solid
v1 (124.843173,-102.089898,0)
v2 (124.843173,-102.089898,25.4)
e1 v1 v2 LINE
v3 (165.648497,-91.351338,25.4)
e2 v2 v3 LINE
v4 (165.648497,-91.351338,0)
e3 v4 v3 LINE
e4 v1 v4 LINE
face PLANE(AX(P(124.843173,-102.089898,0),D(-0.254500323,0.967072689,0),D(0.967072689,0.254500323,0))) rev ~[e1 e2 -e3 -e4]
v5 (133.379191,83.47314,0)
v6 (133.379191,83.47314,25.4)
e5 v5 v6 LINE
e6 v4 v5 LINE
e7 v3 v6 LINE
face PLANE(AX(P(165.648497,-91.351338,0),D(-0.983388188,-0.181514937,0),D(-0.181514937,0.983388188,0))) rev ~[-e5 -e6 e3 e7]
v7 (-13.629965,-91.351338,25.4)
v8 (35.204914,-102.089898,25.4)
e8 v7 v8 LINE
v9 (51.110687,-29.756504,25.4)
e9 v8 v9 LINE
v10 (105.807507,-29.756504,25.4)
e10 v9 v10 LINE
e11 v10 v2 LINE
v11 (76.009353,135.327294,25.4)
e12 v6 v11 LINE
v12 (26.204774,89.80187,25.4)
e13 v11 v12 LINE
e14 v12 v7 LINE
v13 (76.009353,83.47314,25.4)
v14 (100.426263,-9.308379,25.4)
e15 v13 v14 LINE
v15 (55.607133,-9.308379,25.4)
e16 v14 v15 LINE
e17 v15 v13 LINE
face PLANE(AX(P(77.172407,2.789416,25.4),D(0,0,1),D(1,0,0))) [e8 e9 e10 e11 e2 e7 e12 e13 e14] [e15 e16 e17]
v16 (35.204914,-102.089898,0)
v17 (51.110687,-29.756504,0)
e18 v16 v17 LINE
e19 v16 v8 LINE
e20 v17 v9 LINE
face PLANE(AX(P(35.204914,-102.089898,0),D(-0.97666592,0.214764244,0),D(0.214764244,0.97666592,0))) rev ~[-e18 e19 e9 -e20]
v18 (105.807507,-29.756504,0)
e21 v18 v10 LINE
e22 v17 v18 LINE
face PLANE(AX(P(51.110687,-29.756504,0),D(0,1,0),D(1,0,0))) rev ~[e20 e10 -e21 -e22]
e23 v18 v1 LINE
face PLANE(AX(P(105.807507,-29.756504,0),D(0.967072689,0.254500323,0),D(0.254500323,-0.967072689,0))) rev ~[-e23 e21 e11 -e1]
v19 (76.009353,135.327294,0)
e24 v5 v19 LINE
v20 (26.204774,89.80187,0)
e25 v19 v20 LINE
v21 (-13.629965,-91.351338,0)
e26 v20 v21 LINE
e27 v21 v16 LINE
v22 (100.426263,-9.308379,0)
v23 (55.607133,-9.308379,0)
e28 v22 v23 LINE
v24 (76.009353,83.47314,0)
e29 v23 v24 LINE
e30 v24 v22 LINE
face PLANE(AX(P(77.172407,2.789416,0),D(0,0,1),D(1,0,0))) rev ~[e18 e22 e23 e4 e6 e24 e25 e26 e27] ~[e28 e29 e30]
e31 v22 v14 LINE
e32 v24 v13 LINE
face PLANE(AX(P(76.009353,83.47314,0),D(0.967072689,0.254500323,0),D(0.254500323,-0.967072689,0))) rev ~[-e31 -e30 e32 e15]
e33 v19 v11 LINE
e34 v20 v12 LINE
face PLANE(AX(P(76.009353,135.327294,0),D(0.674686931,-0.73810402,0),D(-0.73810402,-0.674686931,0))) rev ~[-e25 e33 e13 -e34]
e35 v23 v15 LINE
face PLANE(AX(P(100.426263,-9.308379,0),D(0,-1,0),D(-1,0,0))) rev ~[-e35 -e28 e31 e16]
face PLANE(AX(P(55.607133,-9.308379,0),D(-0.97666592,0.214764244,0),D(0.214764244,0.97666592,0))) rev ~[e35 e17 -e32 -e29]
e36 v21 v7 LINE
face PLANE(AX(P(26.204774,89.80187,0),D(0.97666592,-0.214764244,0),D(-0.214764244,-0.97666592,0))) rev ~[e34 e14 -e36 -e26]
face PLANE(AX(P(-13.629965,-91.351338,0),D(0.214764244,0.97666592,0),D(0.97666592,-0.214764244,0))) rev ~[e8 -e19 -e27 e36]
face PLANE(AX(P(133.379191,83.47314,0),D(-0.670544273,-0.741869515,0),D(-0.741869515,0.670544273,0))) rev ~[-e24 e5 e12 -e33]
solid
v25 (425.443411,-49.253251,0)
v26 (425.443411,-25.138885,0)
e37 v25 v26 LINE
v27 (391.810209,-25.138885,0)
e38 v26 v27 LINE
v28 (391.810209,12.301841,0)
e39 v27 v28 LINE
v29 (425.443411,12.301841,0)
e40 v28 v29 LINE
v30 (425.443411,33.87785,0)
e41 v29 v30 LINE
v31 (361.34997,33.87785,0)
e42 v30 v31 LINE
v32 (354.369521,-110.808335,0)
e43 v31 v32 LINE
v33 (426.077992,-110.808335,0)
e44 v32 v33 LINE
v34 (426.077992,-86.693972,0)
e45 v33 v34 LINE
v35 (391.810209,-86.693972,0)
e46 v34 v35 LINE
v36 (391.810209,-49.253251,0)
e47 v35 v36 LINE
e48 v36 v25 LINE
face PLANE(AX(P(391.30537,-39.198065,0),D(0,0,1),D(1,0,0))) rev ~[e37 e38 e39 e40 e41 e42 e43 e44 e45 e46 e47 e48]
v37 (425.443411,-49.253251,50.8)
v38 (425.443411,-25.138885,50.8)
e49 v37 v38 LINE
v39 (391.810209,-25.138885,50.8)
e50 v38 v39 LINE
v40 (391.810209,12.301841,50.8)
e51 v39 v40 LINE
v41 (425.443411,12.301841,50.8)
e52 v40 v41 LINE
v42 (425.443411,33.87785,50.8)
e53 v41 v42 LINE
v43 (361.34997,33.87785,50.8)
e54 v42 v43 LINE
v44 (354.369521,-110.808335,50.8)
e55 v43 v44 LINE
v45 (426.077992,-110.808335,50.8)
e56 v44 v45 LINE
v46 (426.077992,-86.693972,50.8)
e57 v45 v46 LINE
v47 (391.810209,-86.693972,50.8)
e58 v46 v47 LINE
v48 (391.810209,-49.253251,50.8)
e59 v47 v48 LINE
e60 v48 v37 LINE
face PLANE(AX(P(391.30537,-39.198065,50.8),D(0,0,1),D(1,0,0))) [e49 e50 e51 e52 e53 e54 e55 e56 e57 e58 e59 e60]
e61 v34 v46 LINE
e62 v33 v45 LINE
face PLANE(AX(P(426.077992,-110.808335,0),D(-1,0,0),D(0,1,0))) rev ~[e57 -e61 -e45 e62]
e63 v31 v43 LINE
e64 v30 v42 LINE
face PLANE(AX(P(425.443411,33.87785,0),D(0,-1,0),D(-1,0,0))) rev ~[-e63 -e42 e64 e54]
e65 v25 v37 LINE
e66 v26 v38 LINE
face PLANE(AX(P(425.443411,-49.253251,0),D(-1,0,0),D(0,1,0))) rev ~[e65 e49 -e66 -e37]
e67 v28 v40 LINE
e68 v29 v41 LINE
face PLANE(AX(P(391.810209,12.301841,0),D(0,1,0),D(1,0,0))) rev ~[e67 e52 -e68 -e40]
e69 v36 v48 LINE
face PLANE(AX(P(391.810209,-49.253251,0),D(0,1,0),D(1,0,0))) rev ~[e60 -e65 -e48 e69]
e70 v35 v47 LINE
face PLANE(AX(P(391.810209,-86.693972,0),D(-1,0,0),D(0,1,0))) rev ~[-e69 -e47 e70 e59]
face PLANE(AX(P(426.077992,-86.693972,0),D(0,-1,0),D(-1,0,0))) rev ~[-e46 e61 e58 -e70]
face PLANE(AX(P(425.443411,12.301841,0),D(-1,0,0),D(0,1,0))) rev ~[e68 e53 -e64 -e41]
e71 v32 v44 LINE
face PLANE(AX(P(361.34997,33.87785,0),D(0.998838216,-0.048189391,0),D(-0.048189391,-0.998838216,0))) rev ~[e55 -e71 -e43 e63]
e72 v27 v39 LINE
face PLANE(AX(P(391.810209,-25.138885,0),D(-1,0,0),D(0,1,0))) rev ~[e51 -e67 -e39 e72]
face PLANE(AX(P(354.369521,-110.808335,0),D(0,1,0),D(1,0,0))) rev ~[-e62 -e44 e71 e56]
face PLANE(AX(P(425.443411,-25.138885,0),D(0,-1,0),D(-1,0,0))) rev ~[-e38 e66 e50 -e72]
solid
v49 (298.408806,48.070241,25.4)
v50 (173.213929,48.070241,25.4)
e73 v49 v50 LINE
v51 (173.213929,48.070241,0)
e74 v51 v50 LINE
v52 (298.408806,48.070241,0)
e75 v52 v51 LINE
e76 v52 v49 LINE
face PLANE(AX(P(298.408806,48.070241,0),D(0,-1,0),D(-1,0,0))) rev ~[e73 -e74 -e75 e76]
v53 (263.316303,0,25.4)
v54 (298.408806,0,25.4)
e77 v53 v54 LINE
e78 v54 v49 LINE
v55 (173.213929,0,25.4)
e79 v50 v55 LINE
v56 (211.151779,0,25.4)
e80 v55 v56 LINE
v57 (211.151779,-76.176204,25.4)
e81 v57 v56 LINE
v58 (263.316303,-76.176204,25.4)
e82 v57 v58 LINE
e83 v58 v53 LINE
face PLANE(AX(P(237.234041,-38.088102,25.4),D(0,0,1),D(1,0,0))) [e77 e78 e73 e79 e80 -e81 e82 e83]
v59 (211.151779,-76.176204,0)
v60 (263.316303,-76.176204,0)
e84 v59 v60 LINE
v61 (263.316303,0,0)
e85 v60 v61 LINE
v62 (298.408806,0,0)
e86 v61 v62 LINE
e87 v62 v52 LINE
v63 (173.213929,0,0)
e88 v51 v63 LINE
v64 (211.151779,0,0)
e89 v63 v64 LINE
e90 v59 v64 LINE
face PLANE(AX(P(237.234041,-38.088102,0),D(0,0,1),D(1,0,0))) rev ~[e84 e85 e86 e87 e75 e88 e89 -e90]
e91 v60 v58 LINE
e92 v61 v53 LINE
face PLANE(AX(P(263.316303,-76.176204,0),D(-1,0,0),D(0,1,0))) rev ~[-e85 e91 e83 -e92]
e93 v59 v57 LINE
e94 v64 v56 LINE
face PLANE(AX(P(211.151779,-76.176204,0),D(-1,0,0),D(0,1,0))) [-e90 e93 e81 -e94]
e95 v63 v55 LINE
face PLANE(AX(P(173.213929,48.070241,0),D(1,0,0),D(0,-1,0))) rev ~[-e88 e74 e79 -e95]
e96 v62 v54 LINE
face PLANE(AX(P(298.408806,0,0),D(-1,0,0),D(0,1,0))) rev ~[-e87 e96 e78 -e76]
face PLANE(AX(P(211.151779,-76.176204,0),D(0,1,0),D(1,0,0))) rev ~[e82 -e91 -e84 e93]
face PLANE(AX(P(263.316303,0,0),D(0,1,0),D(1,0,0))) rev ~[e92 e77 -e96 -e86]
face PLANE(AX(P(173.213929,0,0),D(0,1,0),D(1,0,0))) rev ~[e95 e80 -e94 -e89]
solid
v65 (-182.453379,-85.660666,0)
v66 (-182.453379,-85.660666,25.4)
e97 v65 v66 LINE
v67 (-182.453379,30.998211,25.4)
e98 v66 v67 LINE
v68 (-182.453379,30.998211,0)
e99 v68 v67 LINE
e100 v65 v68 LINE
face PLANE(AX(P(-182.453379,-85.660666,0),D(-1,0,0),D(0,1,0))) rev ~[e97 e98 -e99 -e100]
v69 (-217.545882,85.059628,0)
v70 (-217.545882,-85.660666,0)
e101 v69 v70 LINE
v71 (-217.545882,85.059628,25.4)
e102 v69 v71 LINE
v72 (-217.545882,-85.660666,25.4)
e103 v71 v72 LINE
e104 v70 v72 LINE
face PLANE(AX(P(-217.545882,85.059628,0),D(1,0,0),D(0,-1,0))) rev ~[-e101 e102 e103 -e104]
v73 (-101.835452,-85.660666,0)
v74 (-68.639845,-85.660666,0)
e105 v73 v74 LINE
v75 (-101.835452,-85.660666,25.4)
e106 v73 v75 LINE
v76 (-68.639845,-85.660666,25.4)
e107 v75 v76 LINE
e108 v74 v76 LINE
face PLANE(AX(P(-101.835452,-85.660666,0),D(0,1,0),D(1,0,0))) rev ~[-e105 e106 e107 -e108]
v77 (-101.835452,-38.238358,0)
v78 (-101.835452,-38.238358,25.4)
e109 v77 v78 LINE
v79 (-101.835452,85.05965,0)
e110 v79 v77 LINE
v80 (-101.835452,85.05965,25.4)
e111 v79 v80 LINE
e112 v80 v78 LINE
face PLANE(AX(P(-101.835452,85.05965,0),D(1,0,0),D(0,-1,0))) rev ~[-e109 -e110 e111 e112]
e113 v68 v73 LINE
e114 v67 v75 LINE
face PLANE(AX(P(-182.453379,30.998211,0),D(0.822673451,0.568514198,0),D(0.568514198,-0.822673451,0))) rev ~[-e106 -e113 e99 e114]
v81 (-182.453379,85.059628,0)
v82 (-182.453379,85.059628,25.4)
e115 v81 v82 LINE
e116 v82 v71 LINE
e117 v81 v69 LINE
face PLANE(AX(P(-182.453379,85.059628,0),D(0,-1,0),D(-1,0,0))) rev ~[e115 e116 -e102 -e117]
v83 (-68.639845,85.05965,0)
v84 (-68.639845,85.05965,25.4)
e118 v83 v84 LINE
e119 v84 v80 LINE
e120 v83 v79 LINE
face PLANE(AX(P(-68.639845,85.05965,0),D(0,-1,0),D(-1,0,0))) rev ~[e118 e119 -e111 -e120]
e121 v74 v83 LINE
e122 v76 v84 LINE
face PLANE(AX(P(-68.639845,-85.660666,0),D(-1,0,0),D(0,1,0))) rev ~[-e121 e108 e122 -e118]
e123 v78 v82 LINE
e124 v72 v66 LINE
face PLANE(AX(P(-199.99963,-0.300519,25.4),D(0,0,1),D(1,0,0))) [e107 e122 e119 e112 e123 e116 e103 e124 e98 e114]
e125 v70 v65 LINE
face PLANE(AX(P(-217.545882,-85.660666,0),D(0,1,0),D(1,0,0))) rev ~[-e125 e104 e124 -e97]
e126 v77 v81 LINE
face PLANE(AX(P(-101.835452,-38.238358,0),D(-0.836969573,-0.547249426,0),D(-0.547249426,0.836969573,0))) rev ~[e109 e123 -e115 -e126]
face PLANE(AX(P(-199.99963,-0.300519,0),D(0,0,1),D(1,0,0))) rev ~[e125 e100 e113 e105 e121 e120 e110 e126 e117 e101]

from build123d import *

# Parameters (mm, degrees)
F1_DEPTH  = 25.4
F0_W      = 52.1645247936
F0_H      = 76.1762037873
F0_W_2    = 114.7619485855
F0_H_2    = 76.8241360784
F3_DEPTH  = 50.8
F4_W      = 31.2986969948
F4_H      = 23.7111561
F5_DEPTH  = 50.8
F6_DEPTH  = 25.4
F7_DEPTH  = 25.4
F8_DEPTH  = 25.4
F9_DEPTH  = 25.4
F10_DEPTH = 25.4
F12_DEPTH = 50.8


with BuildPart() as f1:
    # F0 (on Top) → F1 (new body)
    with BuildSketch(Plane.XY):
        Polygon((-182.453379035, 85.0596278906), (-217.5458818674, 85.0596278906), (-217.5458818674, -85.6606662273), (-182.453379035, -85.6606662273), (-182.453379035, 30.998211354), align=None)
        Polygon((-101.8354520202, -38.2383577526), (-182.453379035, 85.0596278906), (-182.453379035, 30.998211354), (-101.8354520202, -85.6606662273), align=None)
        Polygon((-101.8354520202, 85.0596502423), (-101.8354520202, -38.2383577526), (-101.8354520202, -85.6606662273), (-68.639844656, -85.6606662273), (-68.639844656, 85.0596502423), align=None)
    extrude(amount=F1_DEPTH)


with BuildPart() as f1b:
    # F0 (on Top) → F1, piece 2 (new body)
    with BuildSketch(Plane.XY):
        Polygon((76.009353229, 135.3272944689), (26.2047741562, 89.8018702865), (-13.6299645528, -91.3513377309), (35.2049136263, -102.0898978339), (51.1106868903, -29.7565037626), (55.6071334276, -9.3083788014), (76.009353229, 83.4731402312), (100.426262979, -9.3083788014), (105.807507293, -29.7565037626), (124.843172729, -102.0898978339), (165.6484969401, -91.3513377309), (133.3791911602, 83.4731402312), align=None)
        Polygon((55.6071334276, -9.3083788014), (51.1106868903, -29.7565037626), (105.807507293, -29.7565037626), (100.426262979, -9.3083788014), align=None)
    extrude(amount=F1_DEPTH)


with BuildPart() as f1c:
    # F0 (on Top) → F1, piece 3 (new body)
    with BuildSketch(Plane.XY):
        with Locations((237.2340410948, -38.0881018937)):
            Rectangle(F0_W, F0_H)
        Polygon((173.2139289379, 0), (211.151778698, 0), (263.3163034916, 0), (298.408806324, 0), (298.408806324, 48.0702407658), (213.9971107244, 48.0702407658), (173.2139289379, 48.0702407658), align=None)
    extrude(amount=F1_DEPTH)


with BuildPart() as f1d:
    # F0 (on Top) → F1, piece 4 (new body)
    with BuildSketch(Plane.XY):
        with Locations((428.8201630116, 76.9978500903)):
            Rectangle(F0_W_2, F0_H_2)
    extrude(amount=F1_DEPTH)

    # F4 (on face) → F5 (cut)
    with BuildSketch(Plane.XY.offset(25.4)):
        with Locations((433.5623979568, 72.2556207329)):
            Rectangle(F4_W, F4_H)
    extrude(amount=-F5_DEPTH, mode=Mode.SUBTRACT)

    # F10 (cut): a face of the model
    f10_faces = [f1d.faces().sort_by_distance(p)[0] for p in [
        (372.820211989, 76.9978500903, 25.4),
    ]]
    extrude(f10_faces, amount=-F10_DEPTH, mode=Mode.SUBTRACT)


with BuildPart() as f3:
    # F2 (on face) → F3 (new body)
    with BuildSketch(Plane.XY.offset(25.4)):
        Polygon((395.150333643, 38.5857820511), (371.4391887188, 38.5857820511), (371.4391887188, -18.3209888637), (487.1495962143, -18.3209888637), (487.1495962143, 0), (395.150333643, 0), align=None)
    extrude(amount=F3_DEPTH)

    # F6 (cut): a face of the model
    f6_faces = [f3.faces().sort_by_distance(p)[0] for p in [
        (383.2947611809, 38.5857820511, 50.8),
    ]]
    extrude(f6_faces, amount=-F6_DEPTH, mode=Mode.SUBTRACT)

    # F7 (cut): a face of the model
    f7_faces = [f3.faces().sort_by_distance(p)[0] for p in [
        (383.2947611809, 13.1857820511, 50.8),
    ]]
    extrude(f7_faces, amount=-F7_DEPTH, mode=Mode.SUBTRACT)

    # F8 (cut): a face of the model
    f8_faces = [f3.faces().sort_by_distance(p)[0] for p in [
        (441.1499649286, 0, 50.8),
    ]]
    extrude(f8_faces, amount=-F8_DEPTH, mode=Mode.SUBTRACT)

    # F9 (cut): a face of the model
    f9_faces = [f3.faces().sort_by_distance(p)[0] for p in [
        (383.2947611809, -12.2142179489, 50.8),
    ]]
    extrude(f9_faces, amount=-F9_DEPTH, mode=Mode.SUBTRACT)


with BuildPart() as f12:
    # F11 (on Top) → F12 (new body)
    with BuildSketch(Plane.XY):
        Polygon((425.4434108734, 33.8778495789), (361.3499701023, 33.8778495789), (354.3695211411, -110.8083352447), (426.077991724, -110.8083352447), (426.077991724, -86.6939723492), (391.810208559, -86.6939723492), (391.810208559, -49.2532514036), (425.4434108734, -49.2532514036), (425.4434108734, -25.1388847828), (391.810208559, -25.1388847828), (391.810208559, 12.3018408194), (425.4434108734, 12.3018408194), align=None)
    extrude(amount=F12_DEPTH)


solid = Compound([f1.part, f1b.part, f1c.part, f12.part])
